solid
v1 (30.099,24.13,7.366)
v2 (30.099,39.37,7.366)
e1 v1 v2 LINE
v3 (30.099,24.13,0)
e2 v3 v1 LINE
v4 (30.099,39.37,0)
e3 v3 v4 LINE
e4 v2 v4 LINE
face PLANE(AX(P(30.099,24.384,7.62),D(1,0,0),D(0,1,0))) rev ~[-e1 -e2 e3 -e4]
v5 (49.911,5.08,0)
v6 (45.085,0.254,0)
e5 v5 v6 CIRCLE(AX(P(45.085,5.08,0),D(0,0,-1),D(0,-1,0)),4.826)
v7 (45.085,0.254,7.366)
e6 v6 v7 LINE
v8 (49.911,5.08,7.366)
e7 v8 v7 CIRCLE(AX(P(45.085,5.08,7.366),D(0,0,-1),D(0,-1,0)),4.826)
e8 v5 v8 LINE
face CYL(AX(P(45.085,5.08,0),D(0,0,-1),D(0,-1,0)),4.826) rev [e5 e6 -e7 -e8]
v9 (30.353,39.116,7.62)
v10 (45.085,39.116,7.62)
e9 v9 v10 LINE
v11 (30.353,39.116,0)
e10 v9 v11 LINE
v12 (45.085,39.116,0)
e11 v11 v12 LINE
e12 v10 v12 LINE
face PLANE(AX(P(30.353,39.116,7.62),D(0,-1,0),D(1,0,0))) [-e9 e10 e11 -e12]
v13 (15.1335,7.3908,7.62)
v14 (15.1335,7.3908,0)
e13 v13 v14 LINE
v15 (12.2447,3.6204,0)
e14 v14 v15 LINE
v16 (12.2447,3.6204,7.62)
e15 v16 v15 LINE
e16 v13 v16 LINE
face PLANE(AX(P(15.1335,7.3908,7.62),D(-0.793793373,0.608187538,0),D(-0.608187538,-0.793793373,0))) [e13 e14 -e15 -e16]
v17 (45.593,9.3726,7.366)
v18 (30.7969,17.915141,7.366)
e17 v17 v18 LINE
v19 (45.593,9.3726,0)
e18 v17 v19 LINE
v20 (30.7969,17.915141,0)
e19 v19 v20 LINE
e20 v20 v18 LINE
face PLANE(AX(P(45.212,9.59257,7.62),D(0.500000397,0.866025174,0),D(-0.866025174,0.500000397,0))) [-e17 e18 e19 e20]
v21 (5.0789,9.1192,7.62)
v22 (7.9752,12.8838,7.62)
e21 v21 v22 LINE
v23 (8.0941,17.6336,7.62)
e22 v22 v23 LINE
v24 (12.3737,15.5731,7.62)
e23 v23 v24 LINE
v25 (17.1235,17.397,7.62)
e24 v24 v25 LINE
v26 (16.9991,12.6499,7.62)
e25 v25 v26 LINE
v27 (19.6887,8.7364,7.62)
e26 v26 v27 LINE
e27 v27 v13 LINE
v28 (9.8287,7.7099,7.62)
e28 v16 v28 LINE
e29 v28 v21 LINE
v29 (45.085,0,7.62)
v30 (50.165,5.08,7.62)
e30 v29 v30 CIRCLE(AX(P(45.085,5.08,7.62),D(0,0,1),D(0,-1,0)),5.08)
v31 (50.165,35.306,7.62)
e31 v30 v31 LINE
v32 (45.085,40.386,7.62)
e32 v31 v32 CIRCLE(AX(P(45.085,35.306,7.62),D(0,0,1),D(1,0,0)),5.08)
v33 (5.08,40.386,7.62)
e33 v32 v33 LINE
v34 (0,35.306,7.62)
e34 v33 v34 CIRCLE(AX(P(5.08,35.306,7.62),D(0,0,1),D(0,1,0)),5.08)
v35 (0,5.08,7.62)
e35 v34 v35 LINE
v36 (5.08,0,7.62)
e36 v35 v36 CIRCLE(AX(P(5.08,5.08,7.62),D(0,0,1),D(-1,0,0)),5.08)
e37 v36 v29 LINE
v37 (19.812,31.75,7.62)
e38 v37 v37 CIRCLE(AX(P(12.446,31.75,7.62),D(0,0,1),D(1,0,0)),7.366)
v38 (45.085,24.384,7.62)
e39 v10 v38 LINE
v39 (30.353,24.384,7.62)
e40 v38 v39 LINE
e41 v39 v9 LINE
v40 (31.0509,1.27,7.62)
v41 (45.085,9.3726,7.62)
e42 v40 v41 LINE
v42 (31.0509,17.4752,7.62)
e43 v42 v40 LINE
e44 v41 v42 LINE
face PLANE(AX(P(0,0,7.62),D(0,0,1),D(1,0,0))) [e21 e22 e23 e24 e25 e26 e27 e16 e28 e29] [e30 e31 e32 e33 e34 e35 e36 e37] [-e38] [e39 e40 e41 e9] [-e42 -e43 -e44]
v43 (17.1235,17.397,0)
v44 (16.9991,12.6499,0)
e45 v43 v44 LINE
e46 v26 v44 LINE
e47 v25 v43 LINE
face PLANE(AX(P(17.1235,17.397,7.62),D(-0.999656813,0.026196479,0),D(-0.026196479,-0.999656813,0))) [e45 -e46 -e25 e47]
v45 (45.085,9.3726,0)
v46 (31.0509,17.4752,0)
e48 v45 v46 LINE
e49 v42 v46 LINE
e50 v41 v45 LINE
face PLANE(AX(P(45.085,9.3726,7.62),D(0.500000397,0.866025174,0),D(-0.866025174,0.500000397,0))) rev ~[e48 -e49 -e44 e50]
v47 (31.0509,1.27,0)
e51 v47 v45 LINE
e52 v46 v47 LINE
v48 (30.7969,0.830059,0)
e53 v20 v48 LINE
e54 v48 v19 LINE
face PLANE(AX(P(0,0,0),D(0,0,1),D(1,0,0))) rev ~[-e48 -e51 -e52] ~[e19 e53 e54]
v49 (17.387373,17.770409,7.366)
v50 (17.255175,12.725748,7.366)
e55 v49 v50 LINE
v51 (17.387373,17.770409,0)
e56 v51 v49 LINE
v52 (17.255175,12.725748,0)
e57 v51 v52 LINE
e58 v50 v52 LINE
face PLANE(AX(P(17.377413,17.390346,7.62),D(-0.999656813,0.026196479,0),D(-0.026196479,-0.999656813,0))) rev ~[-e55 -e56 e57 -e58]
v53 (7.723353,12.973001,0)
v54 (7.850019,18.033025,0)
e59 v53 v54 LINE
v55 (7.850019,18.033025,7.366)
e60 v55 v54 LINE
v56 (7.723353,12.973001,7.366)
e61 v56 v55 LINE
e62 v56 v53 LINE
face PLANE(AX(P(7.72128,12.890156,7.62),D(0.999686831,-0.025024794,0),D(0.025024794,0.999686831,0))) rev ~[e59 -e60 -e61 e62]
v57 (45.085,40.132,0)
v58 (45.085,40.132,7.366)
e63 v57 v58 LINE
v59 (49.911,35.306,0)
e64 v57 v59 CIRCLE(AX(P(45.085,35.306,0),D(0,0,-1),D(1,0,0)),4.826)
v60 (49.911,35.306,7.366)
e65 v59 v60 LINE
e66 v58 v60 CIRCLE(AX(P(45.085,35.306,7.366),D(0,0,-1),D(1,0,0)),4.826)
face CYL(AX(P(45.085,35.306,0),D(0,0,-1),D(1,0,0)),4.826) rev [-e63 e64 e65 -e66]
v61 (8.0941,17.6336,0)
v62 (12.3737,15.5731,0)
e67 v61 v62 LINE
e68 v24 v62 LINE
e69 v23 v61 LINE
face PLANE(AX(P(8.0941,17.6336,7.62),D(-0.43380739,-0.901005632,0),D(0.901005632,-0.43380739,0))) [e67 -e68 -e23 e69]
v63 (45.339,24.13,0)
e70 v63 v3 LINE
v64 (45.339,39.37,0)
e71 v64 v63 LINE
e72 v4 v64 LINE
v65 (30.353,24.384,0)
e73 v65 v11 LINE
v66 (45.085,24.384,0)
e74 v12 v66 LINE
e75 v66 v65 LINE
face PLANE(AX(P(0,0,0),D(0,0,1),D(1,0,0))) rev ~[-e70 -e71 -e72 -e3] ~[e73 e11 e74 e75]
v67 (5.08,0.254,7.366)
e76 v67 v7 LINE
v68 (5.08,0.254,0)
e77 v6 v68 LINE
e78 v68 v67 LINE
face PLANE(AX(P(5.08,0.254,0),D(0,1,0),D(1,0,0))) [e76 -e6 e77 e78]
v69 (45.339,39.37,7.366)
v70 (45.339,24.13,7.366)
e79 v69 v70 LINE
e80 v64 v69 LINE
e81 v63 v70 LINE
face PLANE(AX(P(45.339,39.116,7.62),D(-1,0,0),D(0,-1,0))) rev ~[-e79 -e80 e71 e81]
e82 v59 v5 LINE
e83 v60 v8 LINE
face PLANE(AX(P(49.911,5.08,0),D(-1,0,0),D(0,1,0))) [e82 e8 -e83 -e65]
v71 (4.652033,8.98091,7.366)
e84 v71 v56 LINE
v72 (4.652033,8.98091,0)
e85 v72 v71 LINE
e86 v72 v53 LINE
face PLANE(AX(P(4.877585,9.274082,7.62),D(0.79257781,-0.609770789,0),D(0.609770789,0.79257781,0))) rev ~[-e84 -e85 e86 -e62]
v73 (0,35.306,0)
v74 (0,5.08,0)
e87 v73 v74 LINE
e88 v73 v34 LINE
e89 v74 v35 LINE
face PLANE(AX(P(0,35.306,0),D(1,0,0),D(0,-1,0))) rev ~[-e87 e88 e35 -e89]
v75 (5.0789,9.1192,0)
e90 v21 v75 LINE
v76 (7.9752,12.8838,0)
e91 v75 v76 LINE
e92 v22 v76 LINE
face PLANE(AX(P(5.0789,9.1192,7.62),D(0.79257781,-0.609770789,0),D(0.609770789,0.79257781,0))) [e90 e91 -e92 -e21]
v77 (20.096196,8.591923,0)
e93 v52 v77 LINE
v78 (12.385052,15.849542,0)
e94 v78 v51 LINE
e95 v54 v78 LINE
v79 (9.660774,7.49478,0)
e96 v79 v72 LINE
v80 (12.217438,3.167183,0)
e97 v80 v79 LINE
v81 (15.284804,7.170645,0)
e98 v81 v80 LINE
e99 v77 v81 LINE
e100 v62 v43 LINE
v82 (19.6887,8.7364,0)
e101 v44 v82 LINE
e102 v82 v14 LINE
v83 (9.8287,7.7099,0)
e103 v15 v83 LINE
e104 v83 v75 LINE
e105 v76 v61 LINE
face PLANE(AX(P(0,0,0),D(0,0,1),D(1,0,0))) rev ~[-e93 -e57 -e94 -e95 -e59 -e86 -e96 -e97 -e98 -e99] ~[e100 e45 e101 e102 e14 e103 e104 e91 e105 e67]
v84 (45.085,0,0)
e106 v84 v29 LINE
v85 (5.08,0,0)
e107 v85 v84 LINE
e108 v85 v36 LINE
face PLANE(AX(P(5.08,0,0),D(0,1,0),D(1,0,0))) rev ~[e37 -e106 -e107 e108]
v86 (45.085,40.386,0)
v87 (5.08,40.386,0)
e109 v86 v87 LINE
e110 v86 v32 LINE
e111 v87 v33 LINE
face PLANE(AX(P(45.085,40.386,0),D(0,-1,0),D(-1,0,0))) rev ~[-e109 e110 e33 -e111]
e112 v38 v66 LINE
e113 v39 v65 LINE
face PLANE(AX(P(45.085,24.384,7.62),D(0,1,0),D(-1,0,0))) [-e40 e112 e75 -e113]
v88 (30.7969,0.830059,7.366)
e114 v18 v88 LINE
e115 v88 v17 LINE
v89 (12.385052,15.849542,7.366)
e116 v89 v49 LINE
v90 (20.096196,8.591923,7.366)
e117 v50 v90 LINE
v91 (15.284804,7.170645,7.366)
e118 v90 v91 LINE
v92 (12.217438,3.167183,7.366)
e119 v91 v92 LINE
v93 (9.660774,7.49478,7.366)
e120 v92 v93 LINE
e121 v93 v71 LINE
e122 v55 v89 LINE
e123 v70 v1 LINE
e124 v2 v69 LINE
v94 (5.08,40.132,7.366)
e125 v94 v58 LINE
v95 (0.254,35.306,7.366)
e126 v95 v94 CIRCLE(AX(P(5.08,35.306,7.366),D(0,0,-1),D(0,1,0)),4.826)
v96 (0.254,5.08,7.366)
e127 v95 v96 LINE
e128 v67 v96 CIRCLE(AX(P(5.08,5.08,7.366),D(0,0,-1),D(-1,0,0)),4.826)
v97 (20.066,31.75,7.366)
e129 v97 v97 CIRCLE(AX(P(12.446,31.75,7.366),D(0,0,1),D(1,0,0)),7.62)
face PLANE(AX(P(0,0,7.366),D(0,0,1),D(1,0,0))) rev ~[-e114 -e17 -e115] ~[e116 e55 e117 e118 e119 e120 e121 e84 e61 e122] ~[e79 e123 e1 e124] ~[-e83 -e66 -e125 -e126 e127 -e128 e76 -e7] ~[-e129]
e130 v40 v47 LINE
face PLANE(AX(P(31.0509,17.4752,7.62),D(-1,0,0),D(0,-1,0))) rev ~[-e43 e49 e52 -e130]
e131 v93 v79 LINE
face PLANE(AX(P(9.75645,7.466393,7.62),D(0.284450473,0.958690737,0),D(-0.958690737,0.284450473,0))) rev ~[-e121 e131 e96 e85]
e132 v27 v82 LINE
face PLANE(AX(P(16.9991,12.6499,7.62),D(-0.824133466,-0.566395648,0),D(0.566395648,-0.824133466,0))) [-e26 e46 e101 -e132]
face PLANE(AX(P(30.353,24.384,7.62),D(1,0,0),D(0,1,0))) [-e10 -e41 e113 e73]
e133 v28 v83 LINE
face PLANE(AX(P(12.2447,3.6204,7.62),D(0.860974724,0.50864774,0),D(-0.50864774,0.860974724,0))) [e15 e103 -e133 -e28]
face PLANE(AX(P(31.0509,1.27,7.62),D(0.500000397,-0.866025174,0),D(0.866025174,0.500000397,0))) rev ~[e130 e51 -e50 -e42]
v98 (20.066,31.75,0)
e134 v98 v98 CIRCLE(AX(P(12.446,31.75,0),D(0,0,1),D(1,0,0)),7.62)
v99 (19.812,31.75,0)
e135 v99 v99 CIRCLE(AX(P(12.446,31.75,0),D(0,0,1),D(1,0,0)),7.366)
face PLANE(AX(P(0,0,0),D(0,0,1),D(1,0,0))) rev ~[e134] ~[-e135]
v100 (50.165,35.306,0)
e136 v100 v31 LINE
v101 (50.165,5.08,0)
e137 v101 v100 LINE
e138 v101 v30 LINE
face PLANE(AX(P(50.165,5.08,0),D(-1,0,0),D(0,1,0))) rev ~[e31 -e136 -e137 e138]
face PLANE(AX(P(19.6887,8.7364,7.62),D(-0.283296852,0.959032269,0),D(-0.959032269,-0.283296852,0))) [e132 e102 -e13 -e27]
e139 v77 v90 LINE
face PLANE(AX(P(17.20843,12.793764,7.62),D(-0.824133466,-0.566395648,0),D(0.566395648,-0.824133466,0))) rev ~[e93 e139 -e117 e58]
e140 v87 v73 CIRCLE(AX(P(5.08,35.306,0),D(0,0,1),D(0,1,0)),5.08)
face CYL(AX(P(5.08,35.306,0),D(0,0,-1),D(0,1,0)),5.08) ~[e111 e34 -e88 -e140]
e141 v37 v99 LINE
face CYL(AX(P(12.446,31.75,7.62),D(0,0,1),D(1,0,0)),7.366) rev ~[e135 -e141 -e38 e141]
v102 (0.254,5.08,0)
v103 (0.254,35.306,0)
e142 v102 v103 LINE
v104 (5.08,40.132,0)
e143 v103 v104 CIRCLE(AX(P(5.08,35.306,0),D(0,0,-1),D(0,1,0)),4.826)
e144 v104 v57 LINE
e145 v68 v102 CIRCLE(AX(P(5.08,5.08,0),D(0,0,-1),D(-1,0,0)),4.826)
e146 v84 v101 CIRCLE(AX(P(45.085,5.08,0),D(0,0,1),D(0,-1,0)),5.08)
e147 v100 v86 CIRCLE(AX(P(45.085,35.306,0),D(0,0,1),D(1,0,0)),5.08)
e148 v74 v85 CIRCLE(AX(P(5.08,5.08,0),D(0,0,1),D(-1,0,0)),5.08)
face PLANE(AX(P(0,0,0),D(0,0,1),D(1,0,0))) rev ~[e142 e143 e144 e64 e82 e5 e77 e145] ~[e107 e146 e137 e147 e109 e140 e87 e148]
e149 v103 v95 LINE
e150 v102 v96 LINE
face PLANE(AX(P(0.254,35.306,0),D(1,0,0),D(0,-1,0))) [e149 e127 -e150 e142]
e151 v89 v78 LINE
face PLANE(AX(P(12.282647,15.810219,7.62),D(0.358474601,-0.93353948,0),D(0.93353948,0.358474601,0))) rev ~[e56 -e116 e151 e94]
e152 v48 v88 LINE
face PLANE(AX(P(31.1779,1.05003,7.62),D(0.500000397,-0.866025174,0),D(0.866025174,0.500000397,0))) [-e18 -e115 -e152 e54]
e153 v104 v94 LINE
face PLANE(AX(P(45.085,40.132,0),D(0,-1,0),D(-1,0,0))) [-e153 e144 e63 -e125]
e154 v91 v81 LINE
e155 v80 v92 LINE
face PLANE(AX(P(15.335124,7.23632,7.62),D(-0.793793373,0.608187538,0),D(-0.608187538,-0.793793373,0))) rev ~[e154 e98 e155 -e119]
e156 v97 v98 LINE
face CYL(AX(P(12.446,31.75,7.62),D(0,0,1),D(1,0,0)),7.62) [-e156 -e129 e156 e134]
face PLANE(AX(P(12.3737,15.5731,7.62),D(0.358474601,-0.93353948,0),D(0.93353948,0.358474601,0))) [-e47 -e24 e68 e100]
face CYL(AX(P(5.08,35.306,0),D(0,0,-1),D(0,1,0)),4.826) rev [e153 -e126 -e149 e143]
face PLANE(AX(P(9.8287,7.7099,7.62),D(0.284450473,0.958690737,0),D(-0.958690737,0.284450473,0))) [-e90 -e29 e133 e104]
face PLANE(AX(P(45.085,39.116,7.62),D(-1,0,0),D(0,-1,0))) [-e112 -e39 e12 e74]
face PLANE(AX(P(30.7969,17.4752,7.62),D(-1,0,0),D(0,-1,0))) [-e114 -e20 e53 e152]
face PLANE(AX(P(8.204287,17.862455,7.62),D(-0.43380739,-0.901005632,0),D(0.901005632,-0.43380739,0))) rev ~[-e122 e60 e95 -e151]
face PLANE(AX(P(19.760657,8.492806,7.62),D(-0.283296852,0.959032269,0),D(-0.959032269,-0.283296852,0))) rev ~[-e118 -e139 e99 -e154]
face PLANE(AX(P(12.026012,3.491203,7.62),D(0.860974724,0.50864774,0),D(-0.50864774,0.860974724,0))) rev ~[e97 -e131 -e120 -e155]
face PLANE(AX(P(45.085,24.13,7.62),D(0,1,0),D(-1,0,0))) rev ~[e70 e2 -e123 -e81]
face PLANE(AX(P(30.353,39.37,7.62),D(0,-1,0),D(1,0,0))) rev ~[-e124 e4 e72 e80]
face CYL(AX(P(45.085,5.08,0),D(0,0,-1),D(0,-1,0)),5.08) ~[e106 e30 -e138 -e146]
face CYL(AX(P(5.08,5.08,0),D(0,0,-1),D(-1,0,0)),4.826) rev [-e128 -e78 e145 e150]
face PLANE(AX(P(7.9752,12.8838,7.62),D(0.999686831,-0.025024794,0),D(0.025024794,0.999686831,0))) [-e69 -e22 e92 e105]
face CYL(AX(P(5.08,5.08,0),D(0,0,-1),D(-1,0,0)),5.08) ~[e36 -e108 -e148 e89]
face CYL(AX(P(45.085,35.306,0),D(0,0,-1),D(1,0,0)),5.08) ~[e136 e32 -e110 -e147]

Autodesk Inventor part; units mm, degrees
ref_plane "YZ Plane" through (0, 0, 0) normal (1, 0, 0) x (0, 1, 0)
ref_plane "XZ Plane" through (0, 0, 0) normal (0, 1, 0) x (-1, 0, 0)
ref_plane "XY Plane" through (0, 0, 0) normal (0, 0, 1) x (1, 0, 0)
sketch "Sketch1" plane through (0, 0, 0) normal (0, 0, 1) x (1, 0, 0)
  line L0 (5.08, 0) -> (45.085, 0)
  line L1 (50.165, 5.08) -> (50.165, 35.306)
  line L2 (45.085, 40.386) -> (5.08, 40.386)
  line L3 (0, 35.306) -> (0, 5.08)
  arc A0 (5.08, 40.386) -> (0, 35.306) centre (5.08, 35.306) ccw
  arc A1 (0, 5.08) -> (5.08, 0) centre (5.08, 5.08) ccw
  arc A2 (45.085, 0) -> (50.165, 5.08) centre (45.085, 5.08) ccw
  arc A3 (50.165, 35.306) -> (45.085, 40.386) centre (45.085, 35.306) ccw
  point P0 (0, 0)
  point P1 (50.165, 0)
  point P2 (50.165, 40.386)
  dimension "d0" = 50.165
  dimension "d1" = 40.386
  dimension "d2" = 5.08
extrude "Extrusion1" add sketch "Sketch1" along normal blind 7.62
sketch "Sketch2" plane through (0, 0, 7.62) normal (0, 0, 1) x (1, 0, 0)
  line L0 (0, 35.306) -> (0, 5.08) projected
  arc A0 (0, 5.08) -> (5.08, 0) centre (5.08, 5.08) ccw projected
  line L1 (5.08, 0) -> (45.085, 0) projected
  arc A1 (45.085, 0) -> (50.165, 5.08) centre (45.085, 5.08) ccw projected
  line L2 (50.165, 5.08) -> (50.165, 35.306) projected
  arc A2 (50.165, 35.306) -> (45.085, 40.386) centre (45.085, 35.306) ccw projected
  line L3 (45.085, 40.386) -> (5.08, 40.386) projected
  arc A3 (5.08, 40.386) -> (0, 35.306) centre (5.08, 35.306) ccw projected
  line L4 (45.085, 40.386) -> (5.08, 40.386) projected
  circle A4 centre (12.446, 31.75) radius 7.366
  line L5 (30.353, 39.116) -> (45.085, 39.116)
  line L6 (45.085, 39.116) -> (45.085, 24.384)
  line L7 (45.085, 24.384) -> (30.353, 24.384)
  line L8 (30.353, 24.384) -> (30.353, 39.116)
  line L9 (31.0509, 17.4752) -> (31.0509, 1.27)
  line L10 (31.0509, 1.27) -> (45.085, 9.3726)
  line L11 (45.085, 9.3726) -> (31.0509, 17.4752)
  circle A5 centre (12.446, 11.3013) radius 7.6835 construction
  line L12 (19.6887, 8.7364) -> (12.2447, 3.6204) construction
  line L13 (12.2447, 3.6204) -> (5.0789, 9.1192) construction
  line L14 (5.0789, 9.1192) -> (8.0941, 17.6336) construction
  line L15 (8.0941, 17.6336) -> (17.1235, 17.397) construction
  line L16 (17.1235, 17.397) -> (19.6887, 8.7364) construction
  line L17 (8.0941, 17.6336) -> (12.3737, 15.5731)
  line L18 (12.3737, 15.5731) -> (17.1235, 17.397)
  line L19 (17.1235, 17.397) -> (16.9991, 12.6499)
  line L20 (16.9991, 12.6499) -> (19.6887, 8.7364)
  line L21 (19.6887, 8.7364) -> (15.1335, 7.3908)
  line L22 (15.1335, 7.3908) -> (12.2447, 3.6204)
  line L23 (12.2447, 3.6204) -> (9.8287, 7.7099)
  line L24 (9.8287, 7.7099) -> (5.0789, 9.1192)
  line L25 (5.0789, 9.1192) -> (7.9752, 12.8838)
  line L26 (7.9752, 12.8838) -> (8.0941, 17.6336)
  point P0 (0, 0)
  dimension "d21" = 15.367
  dimension "d10" = 14.732
  dimension "d11" = 1.27
  dimension "d12" = 5.08
  dimension "d13" = 14.732
  dimension "d14" = 14.732
  dimension "d15" = 14.732
  dimension "d16" = 5.08
  dimension "d17" = 1.27
  dimension "d18" = 16.2052
  dimension "d19" = 5.08
  dimension "d20" = 1.27
  dimension "d23" = 4.7498
  dimension "d25" = 4.7498
  dimension "d26" = 4.7498
  dimension "d27" = 4.7498
  dimension "d28" = 4.7498
  dimension "d29" = 4.7498
  dimension "d30" = 4.7498
  dimension "d31" = 4.7498
  dimension "d32" = 4.747
  dimension "d33" = 3.9135
extrude "Extrusion2" cut sketch "Sketch2" against normal blind 7.62 contours A4 | L5 L6 L7 L8 | L11 L10 L9 | L17 L18 L19 L20 L21 L22 L23 L24 L25 L26
shell "Shell1" thickness 0.254 removed faces 1 at (40.407, 17.0773, 0)
properties part number "Passenger Base EM" material "Wood (Birch)"
